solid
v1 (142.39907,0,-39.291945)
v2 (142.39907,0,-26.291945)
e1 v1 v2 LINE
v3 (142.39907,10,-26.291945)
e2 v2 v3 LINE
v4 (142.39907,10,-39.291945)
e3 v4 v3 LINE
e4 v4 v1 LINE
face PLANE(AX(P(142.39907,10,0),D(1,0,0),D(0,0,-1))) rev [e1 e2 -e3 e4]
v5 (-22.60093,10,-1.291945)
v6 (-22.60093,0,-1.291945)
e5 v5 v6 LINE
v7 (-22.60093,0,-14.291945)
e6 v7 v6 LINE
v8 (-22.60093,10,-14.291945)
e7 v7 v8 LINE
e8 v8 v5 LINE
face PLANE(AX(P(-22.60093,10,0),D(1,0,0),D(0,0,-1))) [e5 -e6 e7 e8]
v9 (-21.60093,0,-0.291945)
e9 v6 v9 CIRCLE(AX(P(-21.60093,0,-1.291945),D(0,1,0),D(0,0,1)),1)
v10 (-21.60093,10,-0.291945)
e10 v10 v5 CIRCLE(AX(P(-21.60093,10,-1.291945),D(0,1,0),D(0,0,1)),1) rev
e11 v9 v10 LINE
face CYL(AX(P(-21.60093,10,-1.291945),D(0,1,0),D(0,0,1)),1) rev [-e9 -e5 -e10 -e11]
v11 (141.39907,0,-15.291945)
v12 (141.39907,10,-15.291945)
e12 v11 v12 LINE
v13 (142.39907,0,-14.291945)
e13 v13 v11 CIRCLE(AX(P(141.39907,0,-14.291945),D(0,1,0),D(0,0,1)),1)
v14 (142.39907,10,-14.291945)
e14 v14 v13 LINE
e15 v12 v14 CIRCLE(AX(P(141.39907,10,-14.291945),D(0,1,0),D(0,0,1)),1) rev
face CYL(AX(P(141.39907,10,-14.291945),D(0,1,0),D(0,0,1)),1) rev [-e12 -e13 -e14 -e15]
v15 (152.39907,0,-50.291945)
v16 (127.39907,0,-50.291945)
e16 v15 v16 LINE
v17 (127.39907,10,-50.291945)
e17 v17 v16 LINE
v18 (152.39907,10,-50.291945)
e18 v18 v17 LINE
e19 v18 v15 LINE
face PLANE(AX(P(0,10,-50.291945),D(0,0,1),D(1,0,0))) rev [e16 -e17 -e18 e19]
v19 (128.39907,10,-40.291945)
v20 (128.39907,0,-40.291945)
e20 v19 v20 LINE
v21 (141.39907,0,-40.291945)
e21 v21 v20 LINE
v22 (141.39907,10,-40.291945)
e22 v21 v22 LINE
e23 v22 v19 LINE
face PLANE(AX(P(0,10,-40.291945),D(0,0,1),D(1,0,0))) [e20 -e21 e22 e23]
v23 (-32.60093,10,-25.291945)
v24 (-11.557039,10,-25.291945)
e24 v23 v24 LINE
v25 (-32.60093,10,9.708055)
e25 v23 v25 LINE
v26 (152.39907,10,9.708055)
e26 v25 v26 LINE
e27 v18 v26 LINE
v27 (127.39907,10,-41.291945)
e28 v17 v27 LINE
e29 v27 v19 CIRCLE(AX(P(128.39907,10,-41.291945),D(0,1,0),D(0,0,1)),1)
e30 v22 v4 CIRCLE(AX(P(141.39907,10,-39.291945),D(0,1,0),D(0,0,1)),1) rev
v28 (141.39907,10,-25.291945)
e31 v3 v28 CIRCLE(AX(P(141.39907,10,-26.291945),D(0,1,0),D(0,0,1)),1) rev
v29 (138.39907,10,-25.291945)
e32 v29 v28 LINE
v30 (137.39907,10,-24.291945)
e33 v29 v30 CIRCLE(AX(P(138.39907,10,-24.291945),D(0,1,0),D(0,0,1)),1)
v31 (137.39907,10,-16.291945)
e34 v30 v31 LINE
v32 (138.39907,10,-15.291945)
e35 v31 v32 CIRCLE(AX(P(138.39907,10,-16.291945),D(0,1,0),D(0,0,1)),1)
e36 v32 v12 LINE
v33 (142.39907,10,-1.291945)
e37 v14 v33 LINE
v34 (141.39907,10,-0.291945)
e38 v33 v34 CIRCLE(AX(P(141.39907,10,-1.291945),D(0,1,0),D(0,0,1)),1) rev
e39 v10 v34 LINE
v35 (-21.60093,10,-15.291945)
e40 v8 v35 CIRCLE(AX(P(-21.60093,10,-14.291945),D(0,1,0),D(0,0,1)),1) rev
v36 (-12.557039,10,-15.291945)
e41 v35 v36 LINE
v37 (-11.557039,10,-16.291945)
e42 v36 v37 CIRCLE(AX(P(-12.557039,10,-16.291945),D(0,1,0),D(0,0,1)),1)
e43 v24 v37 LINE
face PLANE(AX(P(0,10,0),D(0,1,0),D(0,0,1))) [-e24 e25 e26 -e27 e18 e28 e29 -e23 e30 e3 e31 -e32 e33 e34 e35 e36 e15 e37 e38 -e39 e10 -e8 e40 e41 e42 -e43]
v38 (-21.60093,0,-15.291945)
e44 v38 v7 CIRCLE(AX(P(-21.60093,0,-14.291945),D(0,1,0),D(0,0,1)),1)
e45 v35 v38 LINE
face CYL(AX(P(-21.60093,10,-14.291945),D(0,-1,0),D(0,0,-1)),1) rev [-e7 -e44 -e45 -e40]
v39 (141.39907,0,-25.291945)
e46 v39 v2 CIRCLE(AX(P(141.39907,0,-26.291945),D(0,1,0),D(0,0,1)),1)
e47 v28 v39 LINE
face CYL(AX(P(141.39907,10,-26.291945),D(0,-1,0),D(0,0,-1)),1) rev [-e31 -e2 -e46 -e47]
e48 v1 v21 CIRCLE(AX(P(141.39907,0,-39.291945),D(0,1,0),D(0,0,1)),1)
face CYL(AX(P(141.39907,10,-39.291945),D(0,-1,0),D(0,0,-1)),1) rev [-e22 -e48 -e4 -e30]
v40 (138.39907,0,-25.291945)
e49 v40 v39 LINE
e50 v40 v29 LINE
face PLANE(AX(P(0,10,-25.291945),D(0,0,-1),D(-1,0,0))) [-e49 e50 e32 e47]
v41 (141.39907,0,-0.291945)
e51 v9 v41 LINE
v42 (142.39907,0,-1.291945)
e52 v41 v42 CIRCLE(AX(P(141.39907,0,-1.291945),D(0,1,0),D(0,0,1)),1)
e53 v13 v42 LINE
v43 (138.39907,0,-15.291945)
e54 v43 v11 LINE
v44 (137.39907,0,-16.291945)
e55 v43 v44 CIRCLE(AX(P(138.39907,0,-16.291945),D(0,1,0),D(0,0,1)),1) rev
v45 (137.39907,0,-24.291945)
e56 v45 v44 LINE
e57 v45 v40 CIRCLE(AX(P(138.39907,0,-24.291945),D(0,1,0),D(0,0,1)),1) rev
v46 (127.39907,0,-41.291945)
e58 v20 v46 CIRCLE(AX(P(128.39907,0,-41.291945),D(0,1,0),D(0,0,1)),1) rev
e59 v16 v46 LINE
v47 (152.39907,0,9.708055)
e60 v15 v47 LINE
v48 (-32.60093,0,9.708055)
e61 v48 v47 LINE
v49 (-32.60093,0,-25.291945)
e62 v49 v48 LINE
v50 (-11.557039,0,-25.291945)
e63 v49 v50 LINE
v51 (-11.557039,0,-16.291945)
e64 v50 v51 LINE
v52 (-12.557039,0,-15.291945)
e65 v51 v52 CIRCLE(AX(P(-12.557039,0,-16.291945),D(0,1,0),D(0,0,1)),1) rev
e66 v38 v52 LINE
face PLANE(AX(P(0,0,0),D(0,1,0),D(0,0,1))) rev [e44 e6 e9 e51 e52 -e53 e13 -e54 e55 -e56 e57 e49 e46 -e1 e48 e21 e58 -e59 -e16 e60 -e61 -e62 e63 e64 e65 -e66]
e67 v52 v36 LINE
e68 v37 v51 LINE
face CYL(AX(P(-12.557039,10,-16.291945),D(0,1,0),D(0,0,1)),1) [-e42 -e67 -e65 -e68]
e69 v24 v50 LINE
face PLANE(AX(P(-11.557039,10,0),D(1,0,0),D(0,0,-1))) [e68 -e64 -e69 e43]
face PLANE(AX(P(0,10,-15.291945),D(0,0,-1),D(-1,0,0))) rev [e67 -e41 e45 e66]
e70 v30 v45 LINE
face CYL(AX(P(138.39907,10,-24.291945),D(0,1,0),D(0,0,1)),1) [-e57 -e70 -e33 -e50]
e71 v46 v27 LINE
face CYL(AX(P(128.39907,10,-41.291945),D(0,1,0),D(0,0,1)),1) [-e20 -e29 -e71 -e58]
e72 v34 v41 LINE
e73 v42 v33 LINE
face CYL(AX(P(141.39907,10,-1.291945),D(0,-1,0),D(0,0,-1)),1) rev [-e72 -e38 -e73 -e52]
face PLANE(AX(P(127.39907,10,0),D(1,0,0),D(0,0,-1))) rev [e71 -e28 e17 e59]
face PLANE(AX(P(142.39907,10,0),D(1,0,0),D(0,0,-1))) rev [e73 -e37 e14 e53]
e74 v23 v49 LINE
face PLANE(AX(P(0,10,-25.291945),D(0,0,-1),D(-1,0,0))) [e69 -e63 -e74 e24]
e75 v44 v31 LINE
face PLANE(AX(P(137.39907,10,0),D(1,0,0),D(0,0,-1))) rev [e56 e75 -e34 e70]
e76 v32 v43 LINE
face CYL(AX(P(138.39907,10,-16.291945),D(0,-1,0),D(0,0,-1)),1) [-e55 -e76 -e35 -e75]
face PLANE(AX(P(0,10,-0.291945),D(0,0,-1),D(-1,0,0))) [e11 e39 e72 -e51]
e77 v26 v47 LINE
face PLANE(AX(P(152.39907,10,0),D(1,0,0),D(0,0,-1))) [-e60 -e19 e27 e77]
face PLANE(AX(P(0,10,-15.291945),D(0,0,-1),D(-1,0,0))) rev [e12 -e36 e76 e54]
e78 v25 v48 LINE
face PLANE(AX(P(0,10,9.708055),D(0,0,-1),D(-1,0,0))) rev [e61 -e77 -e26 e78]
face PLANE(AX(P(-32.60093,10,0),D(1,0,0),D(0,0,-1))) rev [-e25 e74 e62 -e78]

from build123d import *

# Parameters (mm, degrees)
SKETCH1_W           = 5
SKETCH1_H           = 10
BOSS_EXTRUDE1_DEPTH = 10
FILLET3_R           = 1


with BuildPart() as part:
    # Sketch1 → Boss-Extrude1 (new body)
    with BuildSketch(Plane(origin=(0, 0, 0), x_dir=(1, 0, 0), z_dir=(0, 1, 0))):
        Polygon((142.399069508, 0.29194512), (-22.600930492, 0.29194512), (-22.600930492, 15.29194512), (-11.557039121, 15.29194512), (-11.557039121, 25.29194512), (-22.600930492, 25.29194512), (-32.600930492, 25.29194512), (-32.600930492, 12.072059565), (-32.600930492, 0.29194512), (-32.600930492, -9.70805488), (-14.486354187, -9.70805488), (12.890864677, -9.70805488), (152.399069508, -9.70805488), (152.399069508, 7.072059565), (152.399069508, 38.391958761), (152.399069508, 50.29194512), (142.399069508, 50.29194512), (127.399069508, 50.29194512), (127.399069508, 40.29194512), (142.399069508, 40.29194512), (142.399069508, 25.29194512), (142.399069508, 15.29194512), align=None)
        with Locations((139.899069508, 20.29194512)):
            Rectangle(SKETCH1_W, SKETCH1_H)
    extrude(amount=BOSS_EXTRUDE1_DEPTH)

    # Fillet3
    fillet3_edges = [part.edges().sort_by_distance(p)[0] for p in [
        (-11.557039121, 5, -15.29194512),
        (-22.600930492, 5, -15.29194512),
        (-22.600930492, 5, -0.29194512),
        (142.399069508, 5, -0.29194512),
        (142.399069508, 5, -15.29194512),
        (137.399069508, 5, -15.29194512),
        (137.399069508, 5, -25.29194512),
        (142.399069508, 5, -25.29194512),
        (142.399069508, 5, -40.29194512),
        (127.399069508, 5, -40.29194512),
    ]]
    fillet(fillet3_edges, radius=FILLET3_R)


solid = part.part
